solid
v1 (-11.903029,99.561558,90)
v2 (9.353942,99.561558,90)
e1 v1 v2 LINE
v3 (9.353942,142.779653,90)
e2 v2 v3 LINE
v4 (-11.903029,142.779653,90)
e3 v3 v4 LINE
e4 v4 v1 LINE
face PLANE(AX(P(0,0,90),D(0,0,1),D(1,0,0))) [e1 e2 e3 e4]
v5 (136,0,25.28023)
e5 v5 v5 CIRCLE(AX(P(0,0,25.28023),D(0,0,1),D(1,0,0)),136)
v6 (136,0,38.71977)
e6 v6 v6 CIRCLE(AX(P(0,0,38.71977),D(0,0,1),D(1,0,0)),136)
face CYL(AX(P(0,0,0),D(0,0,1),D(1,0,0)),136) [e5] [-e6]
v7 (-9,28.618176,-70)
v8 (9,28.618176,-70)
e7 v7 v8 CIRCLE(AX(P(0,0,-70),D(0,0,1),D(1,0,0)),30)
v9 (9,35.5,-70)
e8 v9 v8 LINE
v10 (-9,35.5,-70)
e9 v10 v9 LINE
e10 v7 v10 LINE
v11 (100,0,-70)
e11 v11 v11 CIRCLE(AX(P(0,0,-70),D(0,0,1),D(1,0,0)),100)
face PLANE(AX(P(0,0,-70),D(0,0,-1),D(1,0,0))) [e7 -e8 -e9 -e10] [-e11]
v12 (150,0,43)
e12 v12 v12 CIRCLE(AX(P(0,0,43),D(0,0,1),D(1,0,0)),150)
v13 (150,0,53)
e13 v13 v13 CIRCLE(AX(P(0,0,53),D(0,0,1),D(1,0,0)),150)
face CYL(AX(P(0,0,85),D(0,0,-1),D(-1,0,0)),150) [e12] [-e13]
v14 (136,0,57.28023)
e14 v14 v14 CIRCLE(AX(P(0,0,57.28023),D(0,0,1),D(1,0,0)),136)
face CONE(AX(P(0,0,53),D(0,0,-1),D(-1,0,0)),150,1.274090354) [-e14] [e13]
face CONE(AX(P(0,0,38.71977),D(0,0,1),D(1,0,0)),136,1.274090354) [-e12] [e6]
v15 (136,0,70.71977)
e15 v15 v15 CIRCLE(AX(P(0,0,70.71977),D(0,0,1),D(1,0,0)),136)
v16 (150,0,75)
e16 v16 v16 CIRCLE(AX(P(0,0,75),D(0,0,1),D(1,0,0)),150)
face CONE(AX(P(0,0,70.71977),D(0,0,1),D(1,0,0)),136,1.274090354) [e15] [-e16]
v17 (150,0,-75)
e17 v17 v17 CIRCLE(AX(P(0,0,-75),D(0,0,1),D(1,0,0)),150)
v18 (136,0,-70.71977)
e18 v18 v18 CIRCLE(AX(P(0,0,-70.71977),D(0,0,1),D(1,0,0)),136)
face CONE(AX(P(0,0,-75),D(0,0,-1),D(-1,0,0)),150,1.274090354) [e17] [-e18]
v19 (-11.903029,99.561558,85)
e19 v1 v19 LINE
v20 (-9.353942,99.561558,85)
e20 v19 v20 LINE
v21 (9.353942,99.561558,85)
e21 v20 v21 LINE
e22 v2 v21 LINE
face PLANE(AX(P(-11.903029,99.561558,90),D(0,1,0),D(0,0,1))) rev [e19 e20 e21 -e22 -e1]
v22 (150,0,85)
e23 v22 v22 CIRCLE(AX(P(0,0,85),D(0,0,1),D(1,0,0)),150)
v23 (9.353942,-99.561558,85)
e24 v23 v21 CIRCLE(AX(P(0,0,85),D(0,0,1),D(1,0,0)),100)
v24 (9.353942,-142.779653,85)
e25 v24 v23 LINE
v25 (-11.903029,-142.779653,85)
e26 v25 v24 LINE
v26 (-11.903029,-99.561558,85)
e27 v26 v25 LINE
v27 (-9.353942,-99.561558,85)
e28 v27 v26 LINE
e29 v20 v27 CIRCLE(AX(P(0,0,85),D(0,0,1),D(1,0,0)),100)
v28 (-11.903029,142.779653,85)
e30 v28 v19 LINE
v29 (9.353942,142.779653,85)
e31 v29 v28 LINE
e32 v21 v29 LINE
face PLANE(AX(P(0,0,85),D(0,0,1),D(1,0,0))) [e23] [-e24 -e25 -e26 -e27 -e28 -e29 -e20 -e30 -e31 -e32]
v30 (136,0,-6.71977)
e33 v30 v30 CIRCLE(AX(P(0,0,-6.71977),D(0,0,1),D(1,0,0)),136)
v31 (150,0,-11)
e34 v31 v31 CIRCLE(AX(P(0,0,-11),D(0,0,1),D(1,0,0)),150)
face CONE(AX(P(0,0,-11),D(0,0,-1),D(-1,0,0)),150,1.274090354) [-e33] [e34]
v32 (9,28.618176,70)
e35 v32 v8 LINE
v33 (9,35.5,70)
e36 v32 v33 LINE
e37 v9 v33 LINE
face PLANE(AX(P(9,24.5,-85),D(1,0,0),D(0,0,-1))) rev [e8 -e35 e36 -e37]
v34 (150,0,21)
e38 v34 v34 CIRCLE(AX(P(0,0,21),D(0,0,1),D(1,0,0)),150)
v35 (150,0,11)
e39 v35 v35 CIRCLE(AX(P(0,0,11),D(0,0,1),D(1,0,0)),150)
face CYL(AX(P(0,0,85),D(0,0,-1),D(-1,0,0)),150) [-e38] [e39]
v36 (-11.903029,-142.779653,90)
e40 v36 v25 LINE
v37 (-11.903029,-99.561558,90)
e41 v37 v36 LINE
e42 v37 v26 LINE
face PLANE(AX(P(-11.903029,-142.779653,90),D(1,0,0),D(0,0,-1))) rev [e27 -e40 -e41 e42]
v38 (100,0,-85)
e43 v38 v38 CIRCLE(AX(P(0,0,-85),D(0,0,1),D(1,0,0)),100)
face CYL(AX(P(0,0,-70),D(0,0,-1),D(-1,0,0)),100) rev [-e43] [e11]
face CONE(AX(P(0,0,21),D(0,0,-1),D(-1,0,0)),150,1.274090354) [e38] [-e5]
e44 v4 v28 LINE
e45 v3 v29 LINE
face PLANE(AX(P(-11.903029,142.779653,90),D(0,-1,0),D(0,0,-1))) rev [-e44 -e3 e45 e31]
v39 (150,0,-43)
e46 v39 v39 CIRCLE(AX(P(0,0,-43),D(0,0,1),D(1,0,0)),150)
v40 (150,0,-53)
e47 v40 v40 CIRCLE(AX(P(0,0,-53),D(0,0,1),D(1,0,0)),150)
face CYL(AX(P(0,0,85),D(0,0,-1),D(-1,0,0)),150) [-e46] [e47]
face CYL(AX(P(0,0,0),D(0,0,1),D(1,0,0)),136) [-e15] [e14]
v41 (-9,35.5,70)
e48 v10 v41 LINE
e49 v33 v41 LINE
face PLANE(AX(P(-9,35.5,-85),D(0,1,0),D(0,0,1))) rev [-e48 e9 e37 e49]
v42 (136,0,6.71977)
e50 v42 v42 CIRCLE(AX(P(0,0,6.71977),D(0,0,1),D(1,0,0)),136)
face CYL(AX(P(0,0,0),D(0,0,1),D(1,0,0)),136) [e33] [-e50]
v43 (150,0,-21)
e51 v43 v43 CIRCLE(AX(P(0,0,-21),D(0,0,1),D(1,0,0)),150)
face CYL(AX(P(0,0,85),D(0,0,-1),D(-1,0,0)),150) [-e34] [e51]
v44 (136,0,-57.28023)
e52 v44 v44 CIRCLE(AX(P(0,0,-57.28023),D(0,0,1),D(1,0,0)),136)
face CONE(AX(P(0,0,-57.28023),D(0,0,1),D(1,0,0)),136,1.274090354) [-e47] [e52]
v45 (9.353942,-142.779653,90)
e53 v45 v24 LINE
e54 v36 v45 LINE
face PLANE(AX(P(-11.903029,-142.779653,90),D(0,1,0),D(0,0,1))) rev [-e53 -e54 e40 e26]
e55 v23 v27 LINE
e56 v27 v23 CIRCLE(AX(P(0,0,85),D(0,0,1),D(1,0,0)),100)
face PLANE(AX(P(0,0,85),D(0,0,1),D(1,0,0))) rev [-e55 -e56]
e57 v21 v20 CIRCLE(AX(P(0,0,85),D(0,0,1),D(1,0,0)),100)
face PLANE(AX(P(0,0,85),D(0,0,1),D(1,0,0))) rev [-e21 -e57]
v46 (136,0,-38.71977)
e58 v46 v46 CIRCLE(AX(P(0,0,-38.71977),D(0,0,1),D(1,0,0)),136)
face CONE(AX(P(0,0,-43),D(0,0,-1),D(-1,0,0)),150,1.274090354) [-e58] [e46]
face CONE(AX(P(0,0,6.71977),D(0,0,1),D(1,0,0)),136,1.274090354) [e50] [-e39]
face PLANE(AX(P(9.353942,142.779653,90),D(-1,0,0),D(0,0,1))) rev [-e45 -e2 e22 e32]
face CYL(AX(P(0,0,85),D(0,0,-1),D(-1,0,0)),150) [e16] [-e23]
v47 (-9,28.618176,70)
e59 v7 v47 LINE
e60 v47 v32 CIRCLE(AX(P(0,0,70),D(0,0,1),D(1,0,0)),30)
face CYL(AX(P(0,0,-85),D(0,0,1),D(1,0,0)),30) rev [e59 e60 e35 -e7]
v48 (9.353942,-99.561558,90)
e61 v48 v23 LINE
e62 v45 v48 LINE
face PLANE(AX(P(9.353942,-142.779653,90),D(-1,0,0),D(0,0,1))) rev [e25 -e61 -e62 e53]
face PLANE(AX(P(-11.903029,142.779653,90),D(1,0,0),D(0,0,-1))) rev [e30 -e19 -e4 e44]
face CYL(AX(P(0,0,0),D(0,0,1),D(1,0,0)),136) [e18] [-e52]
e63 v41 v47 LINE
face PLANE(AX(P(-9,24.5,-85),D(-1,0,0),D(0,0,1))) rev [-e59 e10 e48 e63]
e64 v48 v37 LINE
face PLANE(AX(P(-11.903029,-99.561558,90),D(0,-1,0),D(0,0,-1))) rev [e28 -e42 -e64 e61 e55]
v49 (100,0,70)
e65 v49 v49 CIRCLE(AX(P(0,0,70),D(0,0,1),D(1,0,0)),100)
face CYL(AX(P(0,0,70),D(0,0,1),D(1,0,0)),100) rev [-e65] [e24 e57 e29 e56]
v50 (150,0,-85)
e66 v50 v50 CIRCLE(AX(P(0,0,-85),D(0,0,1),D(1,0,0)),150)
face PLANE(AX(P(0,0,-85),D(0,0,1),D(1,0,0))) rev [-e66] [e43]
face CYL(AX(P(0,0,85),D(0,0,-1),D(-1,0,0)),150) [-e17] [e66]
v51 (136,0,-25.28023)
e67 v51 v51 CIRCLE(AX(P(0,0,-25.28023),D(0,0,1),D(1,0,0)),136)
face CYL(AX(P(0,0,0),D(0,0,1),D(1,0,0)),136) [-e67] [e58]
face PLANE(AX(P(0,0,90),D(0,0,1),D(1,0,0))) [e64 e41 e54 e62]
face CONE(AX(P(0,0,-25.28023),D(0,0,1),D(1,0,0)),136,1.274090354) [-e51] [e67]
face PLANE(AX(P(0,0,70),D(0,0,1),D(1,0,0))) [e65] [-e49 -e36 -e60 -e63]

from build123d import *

# Parameters (mm, degrees)
SKETCH1_R           = 150
BOSS_EXTRUDE1_DEPTH = 85
SKETCH3_R           = 30
CUT_EXTRUDE1_DEPTH  = 272.845544381
SKETCH4_R           = 100
SKETCH4_R_2         = 30
CUT_EXTRUDE2_DEPTH  = 15
SKETCH5_W           = 18
SKETCH5_H           = 11
CUT_EXTRUDE3_DEPTH  = 263.726093108
SKETCH10_W          = 21.256971554
SKETCH10_H          = 43.218095202
BOSS_EXTRUDE2_DEPTH = 5


with BuildPart() as part:
    # Sketch1 → Boss-Extrude1 (new, symmetric)
    with BuildSketch(Plane.XY):
        Circle(SKETCH1_R)
    extrude(amount=BOSS_EXTRUDE1_DEPTH, both=True)

    # Sketch3 → Cut-Extrude1 (cut, through all)
    with BuildSketch(Plane.XY.offset(85)):
        Circle(SKETCH3_R)
    extrude(amount=-CUT_EXTRUDE1_DEPTH, mode=Mode.SUBTRACT)

    # Sketch4 → Cut-Extrude2 (cut)
    with BuildSketch(Plane.XY.offset(85)):
        Circle(SKETCH4_R)
        Circle(SKETCH4_R_2, mode=Mode.SUBTRACT)
    cut_extrude2 = extrude(amount=-CUT_EXTRUDE2_DEPTH, mode=Mode.SUBTRACT)

    # Mirror1: Cut-Extrude2 across plane
    add(cut_extrude2.mirror(Plane.XY), mode=Mode.SUBTRACT)

    # Sketch5 → Cut-Extrude3 (cut, through all)
    with BuildSketch(Plane.XY.offset(70)):
        with Locations((0, 30)):
            Rectangle(SKETCH5_W, SKETCH5_H)
    extrude(amount=-CUT_EXTRUDE3_DEPTH, mode=Mode.SUBTRACT)

    # Sketch9 → Cut-Revolve2 (revolve, cut)
    with BuildSketch(Plane(origin=(0, 0, 0), x_dir=(1, 0, 0), z_dir=(0, 1, 0))):
        Polygon((150, 75), (136, 70.71977046), (136, 57.28022954), (150, 53), align=None)
        Polygon((150, 43), (150, 21), (136, 25.28022954), (136, 38.71977046), align=None)
        Polygon((150, 11), (136, 6.71977046), (136, -6.71977046), (150, -11), align=None)
        Polygon((150, -21), (150, -43), (136, -38.71977046), (136, -25.28022954), align=None)
        Polygon((150, -53), (136, -57.28022954), (136, -70.71977046), (150, -75), align=None)
    revolve(axis=Axis((0, 0, 0), (0, 0, -1)), mode=Mode.SUBTRACT)

    # Sketch10 → Boss-Extrude2 (add)
    with BuildSketch(Plane.XY.offset(85)):
        with Locations((-1.274543696, 121.17060528)):
            Rectangle(SKETCH10_W, SKETCH10_H)
        with Locations((-1.274543696, -121.17060528)):
            Rectangle(SKETCH10_W, SKETCH10_H)
    extrude(amount=BOSS_EXTRUDE2_DEPTH)


solid = part.part
